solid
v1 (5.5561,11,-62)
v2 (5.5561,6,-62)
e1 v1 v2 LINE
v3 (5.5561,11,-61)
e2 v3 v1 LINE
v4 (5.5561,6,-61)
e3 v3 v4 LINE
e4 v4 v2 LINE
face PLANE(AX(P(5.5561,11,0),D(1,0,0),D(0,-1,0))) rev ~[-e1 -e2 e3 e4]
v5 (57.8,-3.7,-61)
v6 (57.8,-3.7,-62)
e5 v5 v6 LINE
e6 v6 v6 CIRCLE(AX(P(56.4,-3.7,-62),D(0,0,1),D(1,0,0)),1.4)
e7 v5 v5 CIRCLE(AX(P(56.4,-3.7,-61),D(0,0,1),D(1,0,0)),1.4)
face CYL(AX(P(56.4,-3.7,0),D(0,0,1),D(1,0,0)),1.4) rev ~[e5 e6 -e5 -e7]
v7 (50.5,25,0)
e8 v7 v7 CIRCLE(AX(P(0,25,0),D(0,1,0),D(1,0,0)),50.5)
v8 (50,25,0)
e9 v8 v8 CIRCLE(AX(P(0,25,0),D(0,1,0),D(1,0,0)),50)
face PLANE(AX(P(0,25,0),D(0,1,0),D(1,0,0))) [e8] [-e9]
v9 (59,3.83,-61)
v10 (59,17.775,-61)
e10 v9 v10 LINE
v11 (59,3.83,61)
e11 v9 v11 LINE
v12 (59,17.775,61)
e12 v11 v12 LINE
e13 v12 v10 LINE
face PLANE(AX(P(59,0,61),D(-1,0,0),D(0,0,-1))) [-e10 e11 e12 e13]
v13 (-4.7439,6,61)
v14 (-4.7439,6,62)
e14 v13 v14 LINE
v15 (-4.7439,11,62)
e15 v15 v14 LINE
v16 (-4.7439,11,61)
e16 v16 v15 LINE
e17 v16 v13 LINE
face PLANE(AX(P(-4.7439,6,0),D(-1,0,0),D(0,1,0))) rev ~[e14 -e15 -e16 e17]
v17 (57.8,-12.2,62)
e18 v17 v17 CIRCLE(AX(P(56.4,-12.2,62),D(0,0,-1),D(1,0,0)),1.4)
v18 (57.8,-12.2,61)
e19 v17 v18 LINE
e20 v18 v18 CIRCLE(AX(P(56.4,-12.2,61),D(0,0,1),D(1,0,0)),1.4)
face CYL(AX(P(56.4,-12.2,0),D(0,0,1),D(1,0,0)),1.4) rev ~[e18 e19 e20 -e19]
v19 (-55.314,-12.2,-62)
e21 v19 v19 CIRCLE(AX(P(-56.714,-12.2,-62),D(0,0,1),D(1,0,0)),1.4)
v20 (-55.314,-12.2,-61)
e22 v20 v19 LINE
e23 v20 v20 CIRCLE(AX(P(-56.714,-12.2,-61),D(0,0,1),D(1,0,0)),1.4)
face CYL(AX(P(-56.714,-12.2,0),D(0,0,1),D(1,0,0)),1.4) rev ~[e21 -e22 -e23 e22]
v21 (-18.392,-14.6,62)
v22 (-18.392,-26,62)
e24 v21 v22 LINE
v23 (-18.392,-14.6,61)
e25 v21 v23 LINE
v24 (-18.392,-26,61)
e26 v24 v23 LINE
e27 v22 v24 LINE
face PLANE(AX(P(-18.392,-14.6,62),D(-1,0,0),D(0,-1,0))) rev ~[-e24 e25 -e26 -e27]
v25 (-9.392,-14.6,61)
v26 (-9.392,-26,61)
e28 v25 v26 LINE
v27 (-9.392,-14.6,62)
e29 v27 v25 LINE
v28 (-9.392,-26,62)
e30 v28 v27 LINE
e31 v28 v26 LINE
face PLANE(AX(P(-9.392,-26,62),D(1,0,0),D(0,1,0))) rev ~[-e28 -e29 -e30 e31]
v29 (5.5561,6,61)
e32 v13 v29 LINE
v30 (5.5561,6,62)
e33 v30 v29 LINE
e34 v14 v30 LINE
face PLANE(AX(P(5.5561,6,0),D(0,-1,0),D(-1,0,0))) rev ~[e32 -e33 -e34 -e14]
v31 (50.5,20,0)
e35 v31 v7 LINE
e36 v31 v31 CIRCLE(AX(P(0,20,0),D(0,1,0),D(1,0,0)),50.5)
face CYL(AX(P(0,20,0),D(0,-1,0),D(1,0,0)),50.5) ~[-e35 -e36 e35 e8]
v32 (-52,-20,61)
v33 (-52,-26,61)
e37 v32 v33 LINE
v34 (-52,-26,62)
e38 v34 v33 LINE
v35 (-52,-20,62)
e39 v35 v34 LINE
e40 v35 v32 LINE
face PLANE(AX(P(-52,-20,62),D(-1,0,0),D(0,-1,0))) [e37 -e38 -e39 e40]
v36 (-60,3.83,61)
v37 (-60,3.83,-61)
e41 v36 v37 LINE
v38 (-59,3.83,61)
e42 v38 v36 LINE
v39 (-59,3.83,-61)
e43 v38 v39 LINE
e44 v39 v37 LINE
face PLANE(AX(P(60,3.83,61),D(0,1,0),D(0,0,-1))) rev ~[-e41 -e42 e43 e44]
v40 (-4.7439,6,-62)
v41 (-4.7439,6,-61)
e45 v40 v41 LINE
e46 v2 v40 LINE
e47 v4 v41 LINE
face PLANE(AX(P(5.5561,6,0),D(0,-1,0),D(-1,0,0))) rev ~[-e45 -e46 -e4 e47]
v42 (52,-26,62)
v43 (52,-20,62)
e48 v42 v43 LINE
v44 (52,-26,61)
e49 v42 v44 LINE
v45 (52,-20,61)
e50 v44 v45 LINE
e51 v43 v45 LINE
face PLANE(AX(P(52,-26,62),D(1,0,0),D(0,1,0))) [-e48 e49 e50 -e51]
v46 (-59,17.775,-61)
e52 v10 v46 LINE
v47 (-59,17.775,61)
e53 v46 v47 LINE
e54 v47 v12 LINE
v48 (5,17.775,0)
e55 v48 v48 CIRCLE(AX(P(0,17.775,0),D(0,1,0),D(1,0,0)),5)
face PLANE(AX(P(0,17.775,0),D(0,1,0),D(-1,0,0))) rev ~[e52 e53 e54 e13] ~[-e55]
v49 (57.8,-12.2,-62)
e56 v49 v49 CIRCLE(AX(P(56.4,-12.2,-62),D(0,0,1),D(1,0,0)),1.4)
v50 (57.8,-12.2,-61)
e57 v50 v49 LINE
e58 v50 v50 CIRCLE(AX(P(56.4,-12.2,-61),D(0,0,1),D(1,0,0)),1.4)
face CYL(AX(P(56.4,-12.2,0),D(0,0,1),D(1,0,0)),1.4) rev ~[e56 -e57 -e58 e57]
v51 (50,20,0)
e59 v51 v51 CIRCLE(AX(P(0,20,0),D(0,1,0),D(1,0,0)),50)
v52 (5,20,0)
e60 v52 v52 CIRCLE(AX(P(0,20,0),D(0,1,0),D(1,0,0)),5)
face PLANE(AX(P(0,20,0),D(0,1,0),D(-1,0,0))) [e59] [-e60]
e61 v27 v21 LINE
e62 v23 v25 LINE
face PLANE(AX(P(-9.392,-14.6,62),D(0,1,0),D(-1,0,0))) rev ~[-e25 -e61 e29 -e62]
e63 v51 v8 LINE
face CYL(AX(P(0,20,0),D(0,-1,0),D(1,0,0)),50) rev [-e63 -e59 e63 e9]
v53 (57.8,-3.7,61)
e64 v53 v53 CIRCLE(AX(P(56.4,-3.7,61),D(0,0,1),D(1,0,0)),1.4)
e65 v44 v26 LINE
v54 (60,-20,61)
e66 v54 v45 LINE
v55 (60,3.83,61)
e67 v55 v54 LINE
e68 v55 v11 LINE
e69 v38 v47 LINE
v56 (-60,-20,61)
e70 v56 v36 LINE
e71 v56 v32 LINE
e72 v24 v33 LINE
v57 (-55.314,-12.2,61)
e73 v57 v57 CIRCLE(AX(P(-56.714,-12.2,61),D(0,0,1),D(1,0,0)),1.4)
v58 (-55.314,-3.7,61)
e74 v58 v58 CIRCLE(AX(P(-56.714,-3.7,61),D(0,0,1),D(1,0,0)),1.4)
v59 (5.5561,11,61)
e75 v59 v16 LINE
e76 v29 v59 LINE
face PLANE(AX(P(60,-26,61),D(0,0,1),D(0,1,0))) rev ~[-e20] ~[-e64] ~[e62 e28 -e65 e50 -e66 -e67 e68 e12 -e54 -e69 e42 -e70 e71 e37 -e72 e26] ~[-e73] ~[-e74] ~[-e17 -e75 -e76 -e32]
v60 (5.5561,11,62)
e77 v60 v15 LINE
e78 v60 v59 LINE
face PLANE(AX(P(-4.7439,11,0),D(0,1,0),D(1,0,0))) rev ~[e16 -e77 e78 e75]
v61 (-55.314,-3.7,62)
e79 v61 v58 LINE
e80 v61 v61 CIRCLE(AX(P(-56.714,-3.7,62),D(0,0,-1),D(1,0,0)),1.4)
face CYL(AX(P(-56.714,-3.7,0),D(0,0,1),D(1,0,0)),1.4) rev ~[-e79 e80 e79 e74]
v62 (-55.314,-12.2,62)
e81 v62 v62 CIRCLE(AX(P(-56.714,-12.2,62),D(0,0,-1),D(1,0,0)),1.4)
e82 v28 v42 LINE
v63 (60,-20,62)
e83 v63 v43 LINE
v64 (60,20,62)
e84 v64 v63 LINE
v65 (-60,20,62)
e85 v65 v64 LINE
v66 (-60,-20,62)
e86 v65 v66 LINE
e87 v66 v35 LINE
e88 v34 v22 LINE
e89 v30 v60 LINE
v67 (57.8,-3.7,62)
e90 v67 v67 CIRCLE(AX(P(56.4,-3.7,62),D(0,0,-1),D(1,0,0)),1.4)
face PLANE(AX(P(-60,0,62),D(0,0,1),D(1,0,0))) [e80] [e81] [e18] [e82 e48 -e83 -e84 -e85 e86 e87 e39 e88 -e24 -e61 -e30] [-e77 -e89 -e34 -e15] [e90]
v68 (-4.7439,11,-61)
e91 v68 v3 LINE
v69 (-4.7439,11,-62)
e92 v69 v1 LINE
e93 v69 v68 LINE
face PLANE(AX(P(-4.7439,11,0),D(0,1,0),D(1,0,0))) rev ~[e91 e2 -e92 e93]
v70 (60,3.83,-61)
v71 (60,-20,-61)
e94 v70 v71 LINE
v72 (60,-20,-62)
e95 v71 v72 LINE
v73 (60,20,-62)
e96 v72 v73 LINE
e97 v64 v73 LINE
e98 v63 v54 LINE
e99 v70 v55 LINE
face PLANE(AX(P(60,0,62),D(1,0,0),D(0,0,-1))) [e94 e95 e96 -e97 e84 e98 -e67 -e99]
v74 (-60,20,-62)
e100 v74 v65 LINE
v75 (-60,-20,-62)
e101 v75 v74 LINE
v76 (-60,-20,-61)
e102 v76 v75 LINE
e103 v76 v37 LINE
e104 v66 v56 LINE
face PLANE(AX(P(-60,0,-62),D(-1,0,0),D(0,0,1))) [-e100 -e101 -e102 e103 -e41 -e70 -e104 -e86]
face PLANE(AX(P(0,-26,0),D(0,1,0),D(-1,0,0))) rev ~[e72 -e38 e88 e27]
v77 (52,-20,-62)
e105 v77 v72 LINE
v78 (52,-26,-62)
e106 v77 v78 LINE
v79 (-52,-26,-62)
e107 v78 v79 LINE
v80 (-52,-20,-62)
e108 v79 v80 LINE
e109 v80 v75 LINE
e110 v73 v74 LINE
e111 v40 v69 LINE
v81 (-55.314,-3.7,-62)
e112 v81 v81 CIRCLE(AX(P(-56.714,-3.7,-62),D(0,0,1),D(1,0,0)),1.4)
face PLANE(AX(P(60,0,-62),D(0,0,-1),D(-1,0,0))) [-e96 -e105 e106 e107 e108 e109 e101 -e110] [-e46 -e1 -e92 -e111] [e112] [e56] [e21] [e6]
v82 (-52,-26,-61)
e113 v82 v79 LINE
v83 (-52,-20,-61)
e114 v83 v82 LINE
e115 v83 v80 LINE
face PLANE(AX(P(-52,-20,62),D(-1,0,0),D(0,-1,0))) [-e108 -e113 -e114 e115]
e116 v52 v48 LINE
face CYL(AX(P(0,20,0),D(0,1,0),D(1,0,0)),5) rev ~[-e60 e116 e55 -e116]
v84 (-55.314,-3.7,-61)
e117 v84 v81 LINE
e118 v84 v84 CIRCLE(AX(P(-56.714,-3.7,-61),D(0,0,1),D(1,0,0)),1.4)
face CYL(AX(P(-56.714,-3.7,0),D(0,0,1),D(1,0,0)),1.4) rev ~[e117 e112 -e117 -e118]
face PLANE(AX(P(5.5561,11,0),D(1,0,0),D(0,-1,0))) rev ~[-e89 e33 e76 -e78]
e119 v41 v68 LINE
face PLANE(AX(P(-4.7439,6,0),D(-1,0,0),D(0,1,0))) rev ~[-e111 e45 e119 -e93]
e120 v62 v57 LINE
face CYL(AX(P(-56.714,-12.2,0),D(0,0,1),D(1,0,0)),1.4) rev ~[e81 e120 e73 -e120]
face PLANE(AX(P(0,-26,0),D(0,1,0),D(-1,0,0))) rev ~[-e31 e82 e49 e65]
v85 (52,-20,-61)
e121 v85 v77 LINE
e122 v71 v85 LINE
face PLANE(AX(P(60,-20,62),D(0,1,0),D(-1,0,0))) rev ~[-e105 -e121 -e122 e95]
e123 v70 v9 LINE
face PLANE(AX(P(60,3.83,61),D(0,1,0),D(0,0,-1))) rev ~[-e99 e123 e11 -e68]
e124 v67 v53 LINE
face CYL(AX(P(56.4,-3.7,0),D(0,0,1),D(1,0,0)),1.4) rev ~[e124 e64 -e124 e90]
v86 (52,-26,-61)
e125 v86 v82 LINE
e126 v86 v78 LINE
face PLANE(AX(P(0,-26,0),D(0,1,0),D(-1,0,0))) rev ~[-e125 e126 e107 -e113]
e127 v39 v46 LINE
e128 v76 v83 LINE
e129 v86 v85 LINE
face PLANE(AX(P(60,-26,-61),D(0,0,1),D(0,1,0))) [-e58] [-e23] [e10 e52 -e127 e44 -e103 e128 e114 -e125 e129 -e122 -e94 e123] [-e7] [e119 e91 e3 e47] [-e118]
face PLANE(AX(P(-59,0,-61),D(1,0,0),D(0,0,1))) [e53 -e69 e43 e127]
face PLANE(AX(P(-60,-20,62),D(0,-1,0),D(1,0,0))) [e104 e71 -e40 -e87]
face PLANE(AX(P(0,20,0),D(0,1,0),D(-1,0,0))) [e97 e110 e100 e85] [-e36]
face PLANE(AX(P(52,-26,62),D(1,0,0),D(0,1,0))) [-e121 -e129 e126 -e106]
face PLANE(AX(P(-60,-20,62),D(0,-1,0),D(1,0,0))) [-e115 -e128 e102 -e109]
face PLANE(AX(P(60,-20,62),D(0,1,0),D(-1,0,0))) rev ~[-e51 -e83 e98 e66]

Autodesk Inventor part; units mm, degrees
ref_plane "YZ Plane" through (0, 0, 0) normal (1, 0, 0) x (0, 1, 0)
ref_plane "XZ Plane" through (0, 0, 0) normal (0, 1, 0) x (-1, 0, 0)
ref_plane "XY Plane" through (0, 0, 0) normal (0, 0, 1) x (1, 0, 0)
sketch "Sketch2" plane through (0, 0, 0) normal (0, 0, 1) x (1, 0, 0)
  line L0 (59.5, -20) -> (-59.5, -20)
  line L1 (-59.5, -20) -> (-59.5, 20)
  line L2 (-59.5, 20) -> (59.5, 20)
  line L3 (59.5, 20) -> (59.5, -20)
  line L4 (59.5, -20) -> (-59.5, 20) construction
  line L5 (-59.5, -20) -> (59.5, 20) construction
  line L6 (-59.5, -20) -> (-51.5, -20) construction
  line L7 (-51.5, -20) -> (-51.5, 4) construction
  line L8 (-51.5, 4) -> (-59.5, 4) construction
  line L9 (-59.5, 4) -> (-59.5, -20) construction
  circle A0 centre (-56.714, -3.7) radius 1.4
  circle A1 centre (-56.714, -12.2) radius 1.4
  line L10 (59.5, -20) -> (51.5, -20) construction
  line L11 (51.5, -20) -> (51.5, 4) construction
  line L12 (51.5, 4) -> (59.5, 4) construction
  line L13 (59.5, 4) -> (59.5, -20) construction
  circle A2 centre (56.4, -3.7) radius 1.4
  circle A3 centre (56.4, -12.2) radius 1.4
  line L14 (-4.7439, 11) -> (5.5561, 11)
  line L15 (5.5561, 11) -> (5.5561, 6)
  line L16 (5.5561, 6) -> (-4.7439, 6)
  line L17 (-4.7439, 6) -> (-4.7439, 11)
  line L18 (-56.714, -3.7) -> (-58.95, -3.7) construction
  point P0 (0, 0)
  dimension "d0" = 119
  dimension "d1" = 40
  dimension "d2" = 8
  dimension "d3" = 24
  dimension "d4" = 2.8
  dimension "d5" = 7.7
  dimension "d6" = 5.214
  dimension "d7" = 2.8
  dimension "d8" = 8.5
  dimension "d9" = 8
  dimension "d10" = 24
  dimension "d12" = 2.8
  dimension "d13" = 7.7
  dimension "d15" = 4.9
  dimension "d16" = 2.8
  dimension "d17" = 8.5
  dimension "d18" = 10.3
  dimension "d19" = 5
  dimension "d20" = 26
sketch "Sketch3" plane through (0, 0, 0) normal (0, 1, 0) x (-1, 0, 0)
  line L0 (-59, -61) -> (59, -61)
  line L1 (59, -61) -> (59, 61)
  line L2 (59, 61) -> (-59, 61)
  line L3 (-59, 61) -> (-59, -61)
  line L4 (-59, -61) -> (59, 61) construction
  line L5 (59, -61) -> (-59, 61) construction
  line L6 (-60, -62) -> (60, -62)
  line L7 (60, -62) -> (60, 62)
  line L8 (60, 62) -> (-60, 62)
  line L9 (-60, 62) -> (-60, -62)
  line L10 (-60, -62) -> (60, 62) construction
  line L11 (60, -62) -> (-60, 62) construction
  point P0 (0, 0)
  dimension "d21" = 118
  dimension "d22" = 122
  dimension "d23" = 120
  dimension "d24" = 124
extrude "Extrusion1" add sketch "Sketch3" along normal blind 20 and the other way blind 26 contours L3 L2 L1 L0 | L9 L8 L7 L6
extrude "Extrusion2" cut sketch "Sketch2" along normal mid plane 168.5875 contours A0 | A1 | A2 | A3 | L14 L15 L16 L17
extrude "Extrusion3" cut sketch "Sketch3" along normal blind 3.83 and the other way blind 27.3 contours L3 L2 L1 L0
sketch "Sketch4" plane through (0, 20, 0) normal (0, 1, 0) x (1, 0, 0)
  circle A0 centre (0, 0) radius 50
  circle A1 centre (0, 0) radius 50.5
  circle A2 centre (0, 0) radius 5
  dimension "d33" = 100
  dimension "d34" = 101
  dimension "d35" = 10
extrude "Extrusion4" cut sketch "Sketch4" along normal mid plane 10 contours A2
extrude "Extrusion5" add sketch "Sketch4" along normal blind 5 contours A1
sketch "Sketch5" plane through (-60, 20, 62) normal (0, 0, 1) x (1, 0, 0)
  line L0 (1, -46) -> (119, -46) projected
  line L1 (41.608, -46) -> (50.608, -46)
  line L2 (50.608, -46) -> (50.608, -34.6)
  line L3 (50.608, -34.6) -> (41.608, -34.6)
  line L4 (41.608, -34.6) -> (41.608, -46)
  point P0 (60, -20)
  dimension "d40" = 9
  dimension "d41" = 11.4
extrude "Extrusion6" cut sketch "Sketch5" against normal blind 5
sketch "Sketch6" plane through (60, -26, -62) normal (1, 0, 0) x (0, 0, -1)
  line L0 (-123, 0) -> (-123, 29.83) projected
  line L1 (-1, 0) -> (-1, 29.83) projected
  line L2 (-123, 29.83) -> (-1, 29.83)
  line L3 (-1, 29.83) -> (-1, 0)
  line L4 (-1, 0) -> (-123, 0)
  line L5 (-123, 0) -> (-123, 29.83)
  point P0 (-62, 26)
  point P1 (-124, 46)
extrude "Extrusion7" cut sketch "Sketch6" along normal blind 100 and the other way blind 1000
sketch "Sketch7" plane through (-60, 20, 62) normal (0, 0, 1) x (1, 0, 0)
  line L0 (0, 0) -> (0, -46) construction
  line L1 (0, 0) -> (0, -40) construction
  line L2 (0, -46) -> (0, -16.17) construction
  line L3 (0, -40) -> (8, -40) construction
  line L4 (120, -46) -> (120, 0) construction
  line L5 (120, 0) -> (120, -40) construction
  line L6 (120, -40) -> (112, -40) construction
  line L7 (112, -40) -> (112, -46) construction
  line L8 (8, -40) -> (8, -46) construction
  line L9 (0, -46) -> (120, -46) construction
  line L10 (0, -40) -> (8, -40)
  line L11 (8, -40) -> (8, -46)
  line L12 (120, -40) -> (112, -40)
  line L13 (112, -46) -> (112, -40)
  line L14 (0, -40) -> (0, -46)
  line L15 (0, -46) -> (8, -46)
  line L16 (120, -16.17) -> (120, -46) projected
  line L17 (120, -40) -> (120, -46)
  line L18 (120, -46) -> (112, -46)
  point P0 (60, -20)
  dimension "d55" = 40
  dimension "d56" = 8
  dimension "d57" = 40
  dimension "d58" = 8
extrude "Extrusion8" cut sketch "Sketch7" against normal blind 131.125
extrude "Extrusion9" cut sketch "Sketch3" along normal blind 17.775 contours L3 L2 L1 L0
properties part number "Upper_Housing"
